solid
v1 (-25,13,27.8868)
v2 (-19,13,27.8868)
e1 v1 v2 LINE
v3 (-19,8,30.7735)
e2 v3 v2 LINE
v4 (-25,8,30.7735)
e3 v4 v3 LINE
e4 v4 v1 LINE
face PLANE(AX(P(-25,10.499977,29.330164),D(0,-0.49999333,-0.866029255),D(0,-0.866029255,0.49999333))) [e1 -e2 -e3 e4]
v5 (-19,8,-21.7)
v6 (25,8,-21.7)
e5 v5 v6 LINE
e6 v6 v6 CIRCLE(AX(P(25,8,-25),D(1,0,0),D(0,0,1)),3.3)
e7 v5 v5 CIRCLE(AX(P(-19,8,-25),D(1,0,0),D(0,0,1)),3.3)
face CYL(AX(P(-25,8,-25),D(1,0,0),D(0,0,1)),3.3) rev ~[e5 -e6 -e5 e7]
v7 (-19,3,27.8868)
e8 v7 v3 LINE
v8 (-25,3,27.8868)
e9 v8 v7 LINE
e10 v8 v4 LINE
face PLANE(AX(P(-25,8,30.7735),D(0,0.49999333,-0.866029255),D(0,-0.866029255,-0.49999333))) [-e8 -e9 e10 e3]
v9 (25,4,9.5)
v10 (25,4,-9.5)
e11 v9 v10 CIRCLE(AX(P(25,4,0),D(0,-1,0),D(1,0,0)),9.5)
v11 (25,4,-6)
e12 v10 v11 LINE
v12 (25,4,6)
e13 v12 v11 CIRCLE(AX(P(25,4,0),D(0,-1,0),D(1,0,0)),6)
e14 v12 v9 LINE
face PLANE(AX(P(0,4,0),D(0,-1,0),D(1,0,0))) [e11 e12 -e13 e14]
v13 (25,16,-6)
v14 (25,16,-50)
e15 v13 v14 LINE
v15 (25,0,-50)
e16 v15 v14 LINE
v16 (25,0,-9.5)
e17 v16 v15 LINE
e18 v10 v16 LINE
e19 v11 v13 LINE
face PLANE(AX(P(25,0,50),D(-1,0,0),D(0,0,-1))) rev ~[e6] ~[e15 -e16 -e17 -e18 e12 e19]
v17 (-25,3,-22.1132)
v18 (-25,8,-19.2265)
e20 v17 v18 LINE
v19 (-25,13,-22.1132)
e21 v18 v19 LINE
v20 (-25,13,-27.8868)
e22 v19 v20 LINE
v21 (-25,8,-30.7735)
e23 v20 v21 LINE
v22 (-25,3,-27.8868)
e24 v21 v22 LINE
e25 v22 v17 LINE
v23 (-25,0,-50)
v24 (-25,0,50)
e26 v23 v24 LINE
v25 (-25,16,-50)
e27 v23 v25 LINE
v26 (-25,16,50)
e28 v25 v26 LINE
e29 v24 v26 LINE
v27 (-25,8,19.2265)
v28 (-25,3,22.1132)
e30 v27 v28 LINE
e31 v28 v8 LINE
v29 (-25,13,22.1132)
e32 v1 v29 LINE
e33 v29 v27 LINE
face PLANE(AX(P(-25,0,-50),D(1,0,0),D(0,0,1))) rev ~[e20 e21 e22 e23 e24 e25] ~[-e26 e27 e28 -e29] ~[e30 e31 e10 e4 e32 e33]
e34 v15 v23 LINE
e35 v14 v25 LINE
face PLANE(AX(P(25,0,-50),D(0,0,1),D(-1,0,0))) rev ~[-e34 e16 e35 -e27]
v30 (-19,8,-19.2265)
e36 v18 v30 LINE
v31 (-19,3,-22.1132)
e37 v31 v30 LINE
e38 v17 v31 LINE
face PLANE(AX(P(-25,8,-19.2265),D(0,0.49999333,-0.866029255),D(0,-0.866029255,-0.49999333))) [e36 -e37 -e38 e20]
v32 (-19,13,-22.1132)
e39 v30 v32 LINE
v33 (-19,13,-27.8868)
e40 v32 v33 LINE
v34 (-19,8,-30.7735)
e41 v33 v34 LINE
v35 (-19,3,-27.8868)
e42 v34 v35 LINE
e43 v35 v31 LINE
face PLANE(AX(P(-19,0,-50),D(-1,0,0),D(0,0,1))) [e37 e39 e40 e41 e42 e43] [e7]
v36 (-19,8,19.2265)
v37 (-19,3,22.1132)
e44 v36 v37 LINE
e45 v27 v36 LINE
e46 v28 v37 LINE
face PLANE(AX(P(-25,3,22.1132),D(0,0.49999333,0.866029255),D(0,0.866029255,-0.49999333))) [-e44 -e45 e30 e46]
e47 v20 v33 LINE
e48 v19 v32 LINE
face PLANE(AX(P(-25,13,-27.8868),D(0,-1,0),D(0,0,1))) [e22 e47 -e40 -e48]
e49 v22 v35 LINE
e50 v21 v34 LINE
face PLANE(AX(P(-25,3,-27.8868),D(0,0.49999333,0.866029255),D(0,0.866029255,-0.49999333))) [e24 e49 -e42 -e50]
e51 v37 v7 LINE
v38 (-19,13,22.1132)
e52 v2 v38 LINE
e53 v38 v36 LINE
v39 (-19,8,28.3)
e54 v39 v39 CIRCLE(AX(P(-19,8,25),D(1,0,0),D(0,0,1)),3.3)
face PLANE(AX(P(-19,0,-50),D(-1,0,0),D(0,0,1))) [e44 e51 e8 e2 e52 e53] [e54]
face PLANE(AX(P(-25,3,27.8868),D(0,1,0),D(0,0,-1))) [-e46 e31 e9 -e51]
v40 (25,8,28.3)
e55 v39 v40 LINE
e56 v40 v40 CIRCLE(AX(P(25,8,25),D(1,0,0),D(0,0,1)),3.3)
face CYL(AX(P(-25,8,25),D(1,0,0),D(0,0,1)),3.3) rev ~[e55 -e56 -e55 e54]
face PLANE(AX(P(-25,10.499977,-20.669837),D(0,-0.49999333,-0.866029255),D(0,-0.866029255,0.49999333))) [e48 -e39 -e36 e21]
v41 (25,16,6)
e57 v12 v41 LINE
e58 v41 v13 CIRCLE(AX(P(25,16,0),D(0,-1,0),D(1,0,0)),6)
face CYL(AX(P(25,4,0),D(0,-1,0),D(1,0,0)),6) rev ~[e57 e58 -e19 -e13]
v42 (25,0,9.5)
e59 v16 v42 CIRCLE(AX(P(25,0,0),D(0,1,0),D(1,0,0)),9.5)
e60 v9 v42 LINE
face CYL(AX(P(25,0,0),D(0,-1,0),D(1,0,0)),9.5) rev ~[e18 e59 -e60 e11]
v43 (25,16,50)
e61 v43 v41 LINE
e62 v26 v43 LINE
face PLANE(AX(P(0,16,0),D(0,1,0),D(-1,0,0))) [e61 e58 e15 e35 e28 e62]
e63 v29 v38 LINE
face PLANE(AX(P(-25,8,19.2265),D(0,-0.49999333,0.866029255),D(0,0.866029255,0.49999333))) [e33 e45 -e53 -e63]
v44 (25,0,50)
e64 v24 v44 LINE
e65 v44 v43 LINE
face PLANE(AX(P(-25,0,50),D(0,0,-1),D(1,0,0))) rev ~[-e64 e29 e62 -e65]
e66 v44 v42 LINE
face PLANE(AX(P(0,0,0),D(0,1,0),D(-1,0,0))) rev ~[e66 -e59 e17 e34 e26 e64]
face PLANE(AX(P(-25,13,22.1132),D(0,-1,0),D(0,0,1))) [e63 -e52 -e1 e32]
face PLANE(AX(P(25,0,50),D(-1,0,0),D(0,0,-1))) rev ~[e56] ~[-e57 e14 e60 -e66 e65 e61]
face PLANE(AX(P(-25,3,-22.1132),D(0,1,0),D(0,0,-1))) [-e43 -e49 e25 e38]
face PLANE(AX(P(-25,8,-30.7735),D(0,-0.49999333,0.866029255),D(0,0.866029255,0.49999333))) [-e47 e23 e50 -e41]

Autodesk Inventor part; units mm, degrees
ref_plane "YZ Plane" through (0, 0, 0) normal (1, 0, 0) x (0, 1, 0)
ref_plane "XZ Plane" through (0, 0, 0) normal (0, 1, 0) x (-1, 0, 0)
ref_plane "XY Plane" through (0, 0, 0) normal (0, 0, 1) x (1, 0, 0)
sketch "Schizzo1" plane through (0, 0, 0) normal (0, 1, 0) x (-1, 0, 0)
  line L0 (25, 50) -> (-25, 50)
  line L1 (-25, 50) -> (-25, -50)
  line L2 (-25, -50) -> (25, -50)
  line L3 (25, -50) -> (25, 50)
  line L4 (25, 50) -> (-25, -50) construction
  line L5 (-25, 50) -> (25, -50) construction
  point P0 (0, 0)
  point P1 (0, 0)
  point P2 (0, 0)
  dimension "d0" = 50
  dimension "d9" = 100
extrude "Estrusione1" add sketch "Schizzo1" along normal blind 16
sketch "Schizzo2" plane through (0, 0, 0) normal (0, -1, 0) x (1, 0, 0)
  circle A0 centre (25, 0) radius 9.5
  line L0 (25, 50) -> (25, -50) projected
  point P0 (0, 0)
  dimension "d3" = 19
extrude "Estrusione2" cut sketch "Schizzo2" against normal blind 4
sketch "Schizzo4" plane through (0, 4, 0) normal (0, -1, 0) x (1, 0, 0)
  circle A0 centre (25, 0) radius 6
  line L0 (25, 9.5) -> (25, -9.5) projected
  point P0 (0, 0)
  point P1 (25, 6)
  point P2 (25, -6)
  dimension "d6" = 12
extrude "Estrusione3" cut sketch "Schizzo4" against normal blind 26 contours L0 A0 picked at (23.13, -0.7092)
sketch "Schizzo5" plane through (-25, 0, -50) normal (-1, 0, 0) x (0, 0, 1)
  line L0 (50, 0) -> (50, 8)
  line L1 (50, 8) -> (75, 8)
  line L2 (50, 8) -> (25, 8)
  line L3 (50, 8) -> (75, 8) construction
  dimension "d10" = 8
  dimension "d11" = 25
  dimension "d12" = 25
  dimension "d13" = 180
hole "Foro1" at (-25, 8, -25) at (-25, 8, 25) direction (1, 0, 0) diameter 6.6 end through all clearance for "Bullone a testa esagonale" size "M6" standard "ANSI - Profilo M Metrico"
sketch "Schizzo6" plane through (-25, 0, -50) normal (-1, 0, 0) x (0, 0, 1)
  circle A0 centre (25, 8) radius 3.3 projected
  circle A1 centre (25, 8) radius 5
  circle A2 centre (75, 8) radius 3.3 projected
  circle A3 centre (75, 8) radius 5
  circle A4 centre (25, 8) radius 3.3 projected
  line L0 (27.8868, 13) -> (30.7735, 8)
  line L1 (30.7735, 8) -> (27.8868, 3)
  line L2 (27.8868, 3) -> (22.1132, 3)
  line L3 (22.1132, 3) -> (19.2265, 8)
  line L4 (19.2265, 8) -> (22.1132, 13)
  line L5 (22.1132, 13) -> (27.8868, 13)
  line L6 (77.8868, 13) -> (80.7735, 8)
  line L7 (80.7735, 8) -> (77.8868, 3)
  line L8 (77.8868, 3) -> (72.1132, 3)
  line L9 (72.1132, 3) -> (69.2265, 8)
  line L10 (69.2265, 8) -> (72.1132, 13)
  line L11 (72.1132, 13) -> (77.8868, 13)
  point P0 (50, 0)
  point P1 (25, 13)
  point P2 (75, 13)
  dimension "d21" = 10
  dimension "d22" = 10
extrude "Estrusione4" cut sketch "Schizzo6" against normal blind 6 contours A0 | A1 | A1 L0 L1 | A1 L5 L0 | L1 L2 A1 | A1 L4 L5 | L2 L3 A1 | A1 L3 L4 | A2 | A3 | A3 L6 L7 | A3 L11 L6 | L7 L8 A3 | A3 L10 L11 | L8 L9 A3 | A3 L9 L10
properties part number "15_Base_Dietro"
